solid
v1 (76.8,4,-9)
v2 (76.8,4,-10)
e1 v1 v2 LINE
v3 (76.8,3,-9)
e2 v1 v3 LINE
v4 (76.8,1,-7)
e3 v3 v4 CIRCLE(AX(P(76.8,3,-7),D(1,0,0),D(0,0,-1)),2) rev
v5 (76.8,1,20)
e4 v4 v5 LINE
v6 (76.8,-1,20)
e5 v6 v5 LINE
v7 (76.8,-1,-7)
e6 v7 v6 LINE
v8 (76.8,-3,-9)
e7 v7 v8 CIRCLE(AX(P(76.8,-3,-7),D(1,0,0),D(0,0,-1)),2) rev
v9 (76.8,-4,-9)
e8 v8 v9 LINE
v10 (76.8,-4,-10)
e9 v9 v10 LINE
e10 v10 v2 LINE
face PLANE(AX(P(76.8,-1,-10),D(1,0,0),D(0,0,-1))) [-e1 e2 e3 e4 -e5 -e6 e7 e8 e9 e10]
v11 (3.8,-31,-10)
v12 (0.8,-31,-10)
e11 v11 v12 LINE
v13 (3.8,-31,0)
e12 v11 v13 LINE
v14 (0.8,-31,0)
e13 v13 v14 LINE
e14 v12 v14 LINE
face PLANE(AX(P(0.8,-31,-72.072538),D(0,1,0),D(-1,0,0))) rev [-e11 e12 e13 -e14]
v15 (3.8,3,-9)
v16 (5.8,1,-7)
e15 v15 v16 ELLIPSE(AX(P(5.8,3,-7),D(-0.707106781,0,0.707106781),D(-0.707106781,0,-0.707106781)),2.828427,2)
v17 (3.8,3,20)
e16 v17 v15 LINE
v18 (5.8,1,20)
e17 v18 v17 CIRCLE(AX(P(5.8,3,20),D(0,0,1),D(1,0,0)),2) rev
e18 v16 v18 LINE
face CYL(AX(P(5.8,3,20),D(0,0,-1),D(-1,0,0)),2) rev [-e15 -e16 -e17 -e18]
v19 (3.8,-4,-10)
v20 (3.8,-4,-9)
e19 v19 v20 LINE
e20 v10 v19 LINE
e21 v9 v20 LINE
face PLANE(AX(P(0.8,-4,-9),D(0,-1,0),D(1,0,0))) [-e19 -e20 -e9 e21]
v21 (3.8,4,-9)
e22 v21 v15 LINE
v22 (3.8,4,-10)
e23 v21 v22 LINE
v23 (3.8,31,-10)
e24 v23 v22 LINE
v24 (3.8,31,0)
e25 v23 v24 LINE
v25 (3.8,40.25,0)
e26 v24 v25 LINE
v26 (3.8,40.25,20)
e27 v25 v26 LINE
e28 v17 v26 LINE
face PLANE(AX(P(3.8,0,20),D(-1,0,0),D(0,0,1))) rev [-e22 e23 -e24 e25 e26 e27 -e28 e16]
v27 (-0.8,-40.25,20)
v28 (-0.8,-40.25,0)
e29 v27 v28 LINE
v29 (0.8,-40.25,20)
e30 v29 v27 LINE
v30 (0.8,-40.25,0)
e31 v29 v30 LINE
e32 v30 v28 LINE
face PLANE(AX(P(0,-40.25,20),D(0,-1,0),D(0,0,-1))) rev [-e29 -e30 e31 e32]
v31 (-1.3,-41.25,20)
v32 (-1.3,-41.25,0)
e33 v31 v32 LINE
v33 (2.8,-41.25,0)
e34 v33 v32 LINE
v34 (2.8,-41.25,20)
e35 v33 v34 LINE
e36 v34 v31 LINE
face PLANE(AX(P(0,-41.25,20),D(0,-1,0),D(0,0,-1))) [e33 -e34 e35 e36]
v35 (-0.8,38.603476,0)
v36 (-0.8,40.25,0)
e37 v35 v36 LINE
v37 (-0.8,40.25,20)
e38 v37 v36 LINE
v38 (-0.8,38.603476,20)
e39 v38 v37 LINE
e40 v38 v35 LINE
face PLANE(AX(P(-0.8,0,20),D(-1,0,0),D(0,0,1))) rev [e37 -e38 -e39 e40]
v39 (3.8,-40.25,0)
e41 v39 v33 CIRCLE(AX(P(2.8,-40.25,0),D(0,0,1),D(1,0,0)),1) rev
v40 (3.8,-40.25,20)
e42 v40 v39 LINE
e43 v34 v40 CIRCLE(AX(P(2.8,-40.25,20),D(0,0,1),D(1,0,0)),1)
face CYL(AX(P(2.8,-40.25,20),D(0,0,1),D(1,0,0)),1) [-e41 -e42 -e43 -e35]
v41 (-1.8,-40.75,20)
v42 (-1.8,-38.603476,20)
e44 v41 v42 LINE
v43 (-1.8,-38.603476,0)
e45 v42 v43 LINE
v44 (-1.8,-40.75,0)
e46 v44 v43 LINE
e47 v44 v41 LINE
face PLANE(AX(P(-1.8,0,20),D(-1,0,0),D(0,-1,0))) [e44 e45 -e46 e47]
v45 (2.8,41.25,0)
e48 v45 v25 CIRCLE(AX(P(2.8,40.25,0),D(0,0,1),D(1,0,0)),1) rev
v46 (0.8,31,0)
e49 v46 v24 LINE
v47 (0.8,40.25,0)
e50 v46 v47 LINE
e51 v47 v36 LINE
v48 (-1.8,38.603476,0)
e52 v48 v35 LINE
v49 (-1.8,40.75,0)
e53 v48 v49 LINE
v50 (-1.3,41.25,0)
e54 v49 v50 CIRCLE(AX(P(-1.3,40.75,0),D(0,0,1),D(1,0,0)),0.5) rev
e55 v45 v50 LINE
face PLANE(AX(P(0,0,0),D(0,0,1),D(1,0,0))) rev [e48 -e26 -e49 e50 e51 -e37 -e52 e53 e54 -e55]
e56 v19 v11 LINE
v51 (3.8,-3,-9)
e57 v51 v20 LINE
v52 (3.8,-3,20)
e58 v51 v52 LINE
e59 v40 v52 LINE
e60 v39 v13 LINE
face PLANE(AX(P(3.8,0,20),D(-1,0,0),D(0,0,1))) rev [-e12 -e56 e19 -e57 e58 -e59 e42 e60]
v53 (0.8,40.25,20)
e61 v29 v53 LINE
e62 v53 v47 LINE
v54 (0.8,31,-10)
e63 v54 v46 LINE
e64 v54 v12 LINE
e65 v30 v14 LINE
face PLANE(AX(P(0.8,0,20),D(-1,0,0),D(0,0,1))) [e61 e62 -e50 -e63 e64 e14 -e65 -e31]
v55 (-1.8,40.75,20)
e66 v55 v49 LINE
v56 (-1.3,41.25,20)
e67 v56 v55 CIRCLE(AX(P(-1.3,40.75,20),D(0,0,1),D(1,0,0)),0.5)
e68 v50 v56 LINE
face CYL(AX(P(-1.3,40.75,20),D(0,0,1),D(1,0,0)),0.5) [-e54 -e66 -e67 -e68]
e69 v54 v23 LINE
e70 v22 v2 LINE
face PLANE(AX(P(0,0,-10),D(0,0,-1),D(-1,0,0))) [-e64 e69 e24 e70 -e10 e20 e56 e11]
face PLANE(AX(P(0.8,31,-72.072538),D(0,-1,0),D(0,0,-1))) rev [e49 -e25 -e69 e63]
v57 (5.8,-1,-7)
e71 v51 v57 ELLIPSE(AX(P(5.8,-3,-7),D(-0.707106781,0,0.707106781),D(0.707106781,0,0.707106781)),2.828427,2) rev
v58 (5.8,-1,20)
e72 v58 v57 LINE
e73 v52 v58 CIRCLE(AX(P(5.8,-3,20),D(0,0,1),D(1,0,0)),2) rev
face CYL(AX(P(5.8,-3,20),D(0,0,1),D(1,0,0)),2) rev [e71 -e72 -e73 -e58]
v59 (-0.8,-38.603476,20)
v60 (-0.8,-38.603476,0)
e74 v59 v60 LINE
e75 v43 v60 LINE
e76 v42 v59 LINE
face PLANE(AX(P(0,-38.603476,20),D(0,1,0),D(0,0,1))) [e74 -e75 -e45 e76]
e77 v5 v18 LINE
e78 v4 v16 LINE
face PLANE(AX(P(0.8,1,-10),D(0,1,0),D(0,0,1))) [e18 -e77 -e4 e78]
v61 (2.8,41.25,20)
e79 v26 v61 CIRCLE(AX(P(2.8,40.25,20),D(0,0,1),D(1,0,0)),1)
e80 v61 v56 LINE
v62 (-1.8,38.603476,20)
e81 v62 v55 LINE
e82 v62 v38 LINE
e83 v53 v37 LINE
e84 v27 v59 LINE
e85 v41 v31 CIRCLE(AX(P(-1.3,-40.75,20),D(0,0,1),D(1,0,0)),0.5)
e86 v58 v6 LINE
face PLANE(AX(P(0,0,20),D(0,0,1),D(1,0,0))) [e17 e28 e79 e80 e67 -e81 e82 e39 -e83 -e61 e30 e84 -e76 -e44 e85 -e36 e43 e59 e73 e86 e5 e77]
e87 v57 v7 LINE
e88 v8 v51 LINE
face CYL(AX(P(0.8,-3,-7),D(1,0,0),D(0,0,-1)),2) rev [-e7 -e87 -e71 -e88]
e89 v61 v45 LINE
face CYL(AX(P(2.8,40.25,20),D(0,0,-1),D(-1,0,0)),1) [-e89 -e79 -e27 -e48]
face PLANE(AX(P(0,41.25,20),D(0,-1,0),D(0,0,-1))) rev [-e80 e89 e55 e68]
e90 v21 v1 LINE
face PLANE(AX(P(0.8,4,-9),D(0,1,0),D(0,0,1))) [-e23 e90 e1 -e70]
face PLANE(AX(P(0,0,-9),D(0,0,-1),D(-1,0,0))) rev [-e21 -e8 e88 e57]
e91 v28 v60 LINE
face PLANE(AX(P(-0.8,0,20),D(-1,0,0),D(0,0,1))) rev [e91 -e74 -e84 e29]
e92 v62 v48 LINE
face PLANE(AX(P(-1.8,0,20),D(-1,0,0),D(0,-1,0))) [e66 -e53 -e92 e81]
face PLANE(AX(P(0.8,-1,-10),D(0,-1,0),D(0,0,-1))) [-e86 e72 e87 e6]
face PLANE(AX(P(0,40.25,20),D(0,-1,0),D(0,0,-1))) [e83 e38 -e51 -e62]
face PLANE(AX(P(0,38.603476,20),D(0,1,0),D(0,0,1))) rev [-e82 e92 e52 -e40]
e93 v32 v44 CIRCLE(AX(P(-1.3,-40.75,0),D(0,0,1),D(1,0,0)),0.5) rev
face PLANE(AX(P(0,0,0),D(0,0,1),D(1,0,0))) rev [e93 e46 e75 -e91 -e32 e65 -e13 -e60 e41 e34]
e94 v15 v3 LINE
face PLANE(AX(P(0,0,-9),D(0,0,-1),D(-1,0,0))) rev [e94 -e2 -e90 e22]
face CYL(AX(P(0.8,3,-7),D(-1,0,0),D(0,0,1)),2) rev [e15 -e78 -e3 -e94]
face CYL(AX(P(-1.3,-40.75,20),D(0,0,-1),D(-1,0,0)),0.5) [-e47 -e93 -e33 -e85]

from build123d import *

# Parameters (mm, degrees)
BOSS_EXTRUDE1_DEPTH = 20
SKETCH3_W           = 76
SKETCH3_H           = 2
BOSS_EXTRUDE2_DEPTH = 30
FILLET2_R           = 1
FILLET3_R           = 0.5
SKETCH4_W           = 3
SKETCH4_H           = 62
BOSS_EXTRUDE3_DEPTH = 10
SKETCH5_W           = 76
SKETCH5_H           = 8
BOSS_EXTRUDE4_DEPTH = 1
FILLET5_R           = 2


with BuildPart() as part:
    # Sketch1 → Boss-Extrude1 (new body)
    with BuildSketch(Plane(origin=(0, 0, 0), x_dir=(0, 1, 0), z_dir=(0, 0, 1))):
        Polygon((-38.603475532, 1.8), (-41.25, 1.8), (-41.25, -3.8), (41.25, -3.8), (41.25, 1.8), (38.603475532, 1.8), (38.603475532, 0.8), (40.25, 0.8), (40.25, -0.8), (-38.603475532, -0.8), (-40.25, -0.8), (-40.25, 0.8), (-38.603475532, 0.8), align=None)
    extrude(amount=BOSS_EXTRUDE1_DEPTH)

    # Sketch3 → Boss-Extrude2 (add)
    with BuildSketch(Plane.XY.offset(20)):
        with Locations((38.8, 0)):
            Rectangle(SKETCH3_W, SKETCH3_H)
    extrude(amount=-BOSS_EXTRUDE2_DEPTH)

    # Fillet2
    fillet2_edges = [part.edges().sort_by_distance(p)[0] for p in [
        (3.8, 41.25, 10),
        (3.8, -41.25, 10),
    ]]
    fillet(fillet2_edges, radius=FILLET2_R)

    # Fillet3
    fillet3_edges = [part.edges().sort_by_distance(p)[0] for p in [
        (-1.8, 41.25, 10),
        (-1.8, -41.25, 10),
    ]]
    fillet(fillet3_edges, radius=FILLET3_R)

    # Sketch4 → Boss-Extrude3 (add)
    with BuildSketch(Plane(origin=(0, 0, 0), x_dir=(1, 0, 0), z_dir=(0, 0, -1))):
        with Locations((2.3, 0)):
            Rectangle(SKETCH4_W, SKETCH4_H)
    extrude(amount=BOSS_EXTRUDE3_DEPTH)

    # Sketch5 → Boss-Extrude4 (add)
    with BuildSketch(Plane(origin=(0, 0, -10), x_dir=(1, 0, 0), z_dir=(0, 0, -1))):
        with Locations((38.8, 0)):
            Rectangle(SKETCH5_W, SKETCH5_H)
    extrude(amount=-BOSS_EXTRUDE4_DEPTH)

    # Fillet5
    fillet5_edges = [part.edges().sort_by_distance(p)[0] for p in [
        (3.8, -1, 5.5),
        (40.3, 1, -9),
        (40.3, -1, -9),
        (3.8, 1, 5.5),
    ]]
    fillet(fillet5_edges, radius=FILLET5_R)


solid = part.part
